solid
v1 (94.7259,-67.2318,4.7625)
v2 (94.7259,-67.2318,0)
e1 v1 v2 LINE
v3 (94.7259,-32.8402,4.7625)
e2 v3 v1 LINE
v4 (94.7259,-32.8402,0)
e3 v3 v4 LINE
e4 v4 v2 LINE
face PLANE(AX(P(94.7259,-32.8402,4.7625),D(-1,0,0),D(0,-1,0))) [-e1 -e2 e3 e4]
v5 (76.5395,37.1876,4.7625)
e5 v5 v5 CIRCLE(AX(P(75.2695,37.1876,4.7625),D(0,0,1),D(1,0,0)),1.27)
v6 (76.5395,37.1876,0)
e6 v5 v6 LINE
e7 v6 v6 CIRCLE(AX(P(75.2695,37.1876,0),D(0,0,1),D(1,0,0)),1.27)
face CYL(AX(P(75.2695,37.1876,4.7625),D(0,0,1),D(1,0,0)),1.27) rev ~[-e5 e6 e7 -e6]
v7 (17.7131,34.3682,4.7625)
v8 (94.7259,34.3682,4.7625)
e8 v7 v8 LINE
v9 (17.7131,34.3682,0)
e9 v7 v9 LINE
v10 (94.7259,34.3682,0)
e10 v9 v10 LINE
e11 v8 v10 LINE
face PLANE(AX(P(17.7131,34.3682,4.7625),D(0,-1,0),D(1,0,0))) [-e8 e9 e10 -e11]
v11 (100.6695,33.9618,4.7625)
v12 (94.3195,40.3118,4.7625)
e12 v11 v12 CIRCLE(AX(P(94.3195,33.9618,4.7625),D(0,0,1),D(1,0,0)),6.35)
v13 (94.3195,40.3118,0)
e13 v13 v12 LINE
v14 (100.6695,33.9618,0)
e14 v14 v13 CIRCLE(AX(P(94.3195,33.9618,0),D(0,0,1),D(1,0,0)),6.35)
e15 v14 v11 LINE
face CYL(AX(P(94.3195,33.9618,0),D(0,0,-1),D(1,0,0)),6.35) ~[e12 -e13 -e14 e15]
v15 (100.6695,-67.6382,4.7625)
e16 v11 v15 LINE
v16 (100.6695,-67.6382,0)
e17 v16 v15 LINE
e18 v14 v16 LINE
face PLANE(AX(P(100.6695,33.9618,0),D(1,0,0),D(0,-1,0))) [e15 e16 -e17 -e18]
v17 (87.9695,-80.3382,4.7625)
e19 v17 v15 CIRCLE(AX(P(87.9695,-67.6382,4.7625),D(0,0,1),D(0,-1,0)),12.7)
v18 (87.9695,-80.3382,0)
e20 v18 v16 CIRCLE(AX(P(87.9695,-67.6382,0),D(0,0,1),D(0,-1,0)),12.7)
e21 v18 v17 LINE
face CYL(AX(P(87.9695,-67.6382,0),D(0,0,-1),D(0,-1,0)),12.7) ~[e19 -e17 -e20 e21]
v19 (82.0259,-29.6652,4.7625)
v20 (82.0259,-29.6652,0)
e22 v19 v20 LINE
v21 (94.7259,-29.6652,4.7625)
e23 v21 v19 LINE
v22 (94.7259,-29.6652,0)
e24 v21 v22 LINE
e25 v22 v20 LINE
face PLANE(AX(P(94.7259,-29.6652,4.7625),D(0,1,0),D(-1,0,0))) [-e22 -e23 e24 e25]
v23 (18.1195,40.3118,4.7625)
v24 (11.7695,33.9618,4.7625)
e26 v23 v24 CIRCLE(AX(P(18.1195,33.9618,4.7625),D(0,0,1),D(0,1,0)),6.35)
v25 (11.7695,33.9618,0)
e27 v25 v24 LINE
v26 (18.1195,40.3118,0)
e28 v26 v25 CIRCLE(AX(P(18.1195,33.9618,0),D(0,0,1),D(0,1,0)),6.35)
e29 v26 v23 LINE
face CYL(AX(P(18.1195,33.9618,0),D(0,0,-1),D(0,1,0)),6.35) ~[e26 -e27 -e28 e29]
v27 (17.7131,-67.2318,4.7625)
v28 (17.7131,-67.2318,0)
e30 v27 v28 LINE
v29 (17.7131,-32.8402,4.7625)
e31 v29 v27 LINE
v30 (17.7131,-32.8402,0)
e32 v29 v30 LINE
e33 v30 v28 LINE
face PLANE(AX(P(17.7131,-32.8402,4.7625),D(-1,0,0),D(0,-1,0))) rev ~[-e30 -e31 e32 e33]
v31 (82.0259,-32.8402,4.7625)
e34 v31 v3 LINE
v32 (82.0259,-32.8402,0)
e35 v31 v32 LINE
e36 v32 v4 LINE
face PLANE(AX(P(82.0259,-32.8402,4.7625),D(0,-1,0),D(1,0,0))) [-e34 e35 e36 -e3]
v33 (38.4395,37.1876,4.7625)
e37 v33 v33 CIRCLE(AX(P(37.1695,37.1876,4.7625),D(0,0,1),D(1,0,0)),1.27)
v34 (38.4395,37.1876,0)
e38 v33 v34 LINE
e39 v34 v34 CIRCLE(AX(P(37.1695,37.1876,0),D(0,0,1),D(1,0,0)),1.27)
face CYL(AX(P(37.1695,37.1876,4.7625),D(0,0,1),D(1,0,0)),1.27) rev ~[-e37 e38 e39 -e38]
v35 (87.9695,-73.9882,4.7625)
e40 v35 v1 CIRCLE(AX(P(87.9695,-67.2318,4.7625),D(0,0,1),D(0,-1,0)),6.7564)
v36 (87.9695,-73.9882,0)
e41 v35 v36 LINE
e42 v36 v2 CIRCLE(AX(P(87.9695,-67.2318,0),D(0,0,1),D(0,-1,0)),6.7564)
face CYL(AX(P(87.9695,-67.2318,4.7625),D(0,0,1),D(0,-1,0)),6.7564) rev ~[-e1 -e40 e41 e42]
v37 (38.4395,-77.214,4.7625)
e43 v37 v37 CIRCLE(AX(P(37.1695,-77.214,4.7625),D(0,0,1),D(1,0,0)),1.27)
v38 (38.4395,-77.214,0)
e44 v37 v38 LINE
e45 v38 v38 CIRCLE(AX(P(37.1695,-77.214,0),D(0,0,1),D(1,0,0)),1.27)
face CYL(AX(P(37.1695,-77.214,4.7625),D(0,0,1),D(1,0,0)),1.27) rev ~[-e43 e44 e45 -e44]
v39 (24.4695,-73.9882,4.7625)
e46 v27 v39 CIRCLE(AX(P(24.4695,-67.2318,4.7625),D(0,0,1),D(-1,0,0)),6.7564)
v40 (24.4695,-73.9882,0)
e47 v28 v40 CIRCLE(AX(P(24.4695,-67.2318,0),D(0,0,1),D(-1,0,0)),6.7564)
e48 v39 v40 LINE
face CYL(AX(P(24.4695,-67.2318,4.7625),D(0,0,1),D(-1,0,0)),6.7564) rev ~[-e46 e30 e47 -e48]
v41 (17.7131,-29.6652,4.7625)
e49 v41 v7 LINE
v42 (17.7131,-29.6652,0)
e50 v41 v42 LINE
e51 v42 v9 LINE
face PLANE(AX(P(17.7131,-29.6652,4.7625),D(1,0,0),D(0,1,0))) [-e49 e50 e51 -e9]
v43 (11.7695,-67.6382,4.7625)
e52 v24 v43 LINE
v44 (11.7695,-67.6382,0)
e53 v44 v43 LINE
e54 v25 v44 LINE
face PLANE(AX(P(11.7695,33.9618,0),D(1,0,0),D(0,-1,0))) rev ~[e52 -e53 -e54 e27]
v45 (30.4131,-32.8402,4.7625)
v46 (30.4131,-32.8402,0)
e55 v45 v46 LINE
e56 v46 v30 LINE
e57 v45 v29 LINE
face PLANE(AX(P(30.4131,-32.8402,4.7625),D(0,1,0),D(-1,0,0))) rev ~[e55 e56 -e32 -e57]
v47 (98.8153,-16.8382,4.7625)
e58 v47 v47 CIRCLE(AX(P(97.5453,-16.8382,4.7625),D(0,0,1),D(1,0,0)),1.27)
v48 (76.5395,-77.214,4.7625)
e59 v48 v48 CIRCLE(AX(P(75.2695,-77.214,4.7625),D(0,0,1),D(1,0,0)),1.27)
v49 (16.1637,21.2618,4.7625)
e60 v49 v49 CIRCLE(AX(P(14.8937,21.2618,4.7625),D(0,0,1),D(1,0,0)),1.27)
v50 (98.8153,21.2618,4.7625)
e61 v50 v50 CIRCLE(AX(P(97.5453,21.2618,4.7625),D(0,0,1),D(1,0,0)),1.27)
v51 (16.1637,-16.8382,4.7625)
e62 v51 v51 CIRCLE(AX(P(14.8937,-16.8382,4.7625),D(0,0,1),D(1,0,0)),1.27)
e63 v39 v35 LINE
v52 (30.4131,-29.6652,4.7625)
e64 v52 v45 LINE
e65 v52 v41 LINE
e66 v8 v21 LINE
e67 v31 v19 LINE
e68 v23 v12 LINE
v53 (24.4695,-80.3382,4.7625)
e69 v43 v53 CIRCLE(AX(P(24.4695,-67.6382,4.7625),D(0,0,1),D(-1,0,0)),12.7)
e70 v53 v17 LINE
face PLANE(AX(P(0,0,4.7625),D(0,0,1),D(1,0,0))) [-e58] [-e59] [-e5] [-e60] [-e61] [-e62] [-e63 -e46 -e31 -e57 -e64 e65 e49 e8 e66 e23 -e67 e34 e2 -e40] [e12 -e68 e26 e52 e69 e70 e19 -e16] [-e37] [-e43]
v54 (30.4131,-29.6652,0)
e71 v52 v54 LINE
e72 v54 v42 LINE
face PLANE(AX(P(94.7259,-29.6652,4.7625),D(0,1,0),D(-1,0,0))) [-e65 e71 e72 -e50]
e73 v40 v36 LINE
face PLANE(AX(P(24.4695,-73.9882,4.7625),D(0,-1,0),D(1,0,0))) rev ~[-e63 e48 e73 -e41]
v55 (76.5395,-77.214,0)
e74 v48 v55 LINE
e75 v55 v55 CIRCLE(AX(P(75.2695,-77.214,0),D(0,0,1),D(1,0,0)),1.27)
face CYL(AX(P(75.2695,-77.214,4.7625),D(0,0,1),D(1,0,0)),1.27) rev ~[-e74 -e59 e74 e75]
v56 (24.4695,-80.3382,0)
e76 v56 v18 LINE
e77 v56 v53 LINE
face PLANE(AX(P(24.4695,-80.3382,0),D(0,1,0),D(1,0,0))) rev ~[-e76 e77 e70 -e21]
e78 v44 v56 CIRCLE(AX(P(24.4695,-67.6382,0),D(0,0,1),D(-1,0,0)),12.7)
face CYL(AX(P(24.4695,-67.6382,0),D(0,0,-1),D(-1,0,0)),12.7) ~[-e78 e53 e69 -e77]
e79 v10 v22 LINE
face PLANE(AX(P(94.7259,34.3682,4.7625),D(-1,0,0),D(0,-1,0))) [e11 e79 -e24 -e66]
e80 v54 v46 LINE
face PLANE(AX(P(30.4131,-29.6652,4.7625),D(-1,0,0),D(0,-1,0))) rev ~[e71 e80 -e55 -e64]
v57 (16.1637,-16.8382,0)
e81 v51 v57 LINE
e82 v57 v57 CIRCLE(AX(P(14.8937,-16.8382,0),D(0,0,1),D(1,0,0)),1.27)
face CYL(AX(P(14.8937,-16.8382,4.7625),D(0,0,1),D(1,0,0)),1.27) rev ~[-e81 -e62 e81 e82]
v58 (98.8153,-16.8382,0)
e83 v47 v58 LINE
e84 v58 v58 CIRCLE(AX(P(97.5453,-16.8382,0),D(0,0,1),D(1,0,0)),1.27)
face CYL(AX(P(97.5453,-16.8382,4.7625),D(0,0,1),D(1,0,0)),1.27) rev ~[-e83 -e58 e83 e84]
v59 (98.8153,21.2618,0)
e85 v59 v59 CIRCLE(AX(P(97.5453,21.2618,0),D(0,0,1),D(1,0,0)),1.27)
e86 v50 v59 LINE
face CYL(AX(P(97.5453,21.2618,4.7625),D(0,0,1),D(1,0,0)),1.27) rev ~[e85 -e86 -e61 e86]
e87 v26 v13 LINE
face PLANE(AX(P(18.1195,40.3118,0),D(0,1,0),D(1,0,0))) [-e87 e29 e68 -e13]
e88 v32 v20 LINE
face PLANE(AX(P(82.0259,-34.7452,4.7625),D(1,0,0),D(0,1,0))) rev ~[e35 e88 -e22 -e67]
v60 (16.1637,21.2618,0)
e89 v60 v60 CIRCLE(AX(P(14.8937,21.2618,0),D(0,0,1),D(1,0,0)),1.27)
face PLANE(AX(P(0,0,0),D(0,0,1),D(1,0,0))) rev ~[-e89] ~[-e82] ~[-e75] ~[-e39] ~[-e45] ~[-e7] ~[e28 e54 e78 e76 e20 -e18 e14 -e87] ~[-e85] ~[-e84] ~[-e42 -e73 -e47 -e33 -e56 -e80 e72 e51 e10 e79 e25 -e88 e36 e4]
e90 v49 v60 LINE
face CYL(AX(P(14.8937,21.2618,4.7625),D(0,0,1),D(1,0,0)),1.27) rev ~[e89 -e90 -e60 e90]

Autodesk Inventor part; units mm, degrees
ref_plane "YZ Plane" through (0, 0, 0) normal (1, 0, 0) x (0, 1, 0)
ref_plane "XZ Plane" through (0, 0, 0) normal (0, 1, 0) x (-1, 0, 0)
ref_plane "XY Plane" through (0, 0, 0) normal (0, 0, 1) x (1, 0, 0)
sketch "Sketch1" plane through (0, 0, 0) normal (0, 0, 1) x (1, 0, 0)
  line L0 (11.7695, 33.9618) -> (11.7695, -67.6382)
  line L1 (100.6695, 33.9618) -> (100.6695, -67.6382)
  line L2 (18.1195, 40.3118) -> (94.3195, 40.3118)
  line L3 (24.4695, -80.3382) -> (87.9695, -80.3382)
  arc A0 (11.7695, -67.6382) -> (24.4695, -80.3382) centre (24.4695, -67.6382) ccw
  arc A1 (87.9695, -80.3382) -> (100.6695, -67.6382) centre (87.9695, -67.6382) ccw
  arc A2 (100.6695, 33.9618) -> (94.3195, 40.3118) centre (94.3195, 33.9618) ccw
  arc A3 (18.1195, 40.3118) -> (11.7695, 33.9618) centre (18.1195, 33.9618) ccw
  point P0 (0, 0)
  dimension "d0" = 12.7
  dimension "d1" = 6.35
  dimension "d2" = 120.65
  dimension "d3" = 88.9
extrude "Extrusion1" add sketch "Sketch1" along normal blind 4.7625
sketch "Sketch2" plane through (0, 0, 4.7625) normal (0, 0, 1) x (1, 0, 0)
  line L0 (11.7695, -67.6382) -> (11.7695, 33.9618) projected
  line L1 (100.6695, 33.9618) -> (100.6695, -67.6382) projected
  line L2 (18.1195, 40.3118) -> (94.3195, 40.3118) projected
  line L3 (17.7131, 34.3682) -> (94.7259, 34.3682)
  line L4 (94.7259, 34.3682) -> (94.7259, -29.6652)
  line L5 (94.7259, -29.6652) -> (17.7131, -29.6652)
  line L6 (17.7131, -29.6652) -> (17.7131, 34.3682)
  point P0 (0, 0)
  dimension "d6" = 5.9436
  dimension "d7" = 5.9436
  dimension "d8" = 5.9436
  dimension "d9" = 64.0334
  dimension "d54" = 77.0128
extrude "Extrusion2" cut sketch "Sketch2" against normal through all
sketch "Sketch3" plane through (0, 0, 4.7625) normal (0, 0, 1) x (1, 0, 0)
  line L0 (17.7131, -29.6652) -> (17.7131, 34.3682) projected
  line L1 (94.7259, 34.3682) -> (94.7259, -29.6652) projected
  line L2 (94.7259, -29.6652) -> (17.7131, -29.6652) projected
  line L3 (30.4131, -29.6652) -> (30.4131, -34.7452)
  line L4 (30.4131, -34.7452) -> (82.0259, -34.7452)
  line L5 (82.0259, -34.7452) -> (82.0259, -29.6652)
  point P0 (0, 0)
  dimension "d13" = 12.7
  dimension "d14" = 12.7
  dimension "d15" = 5.08
extrude "Extrusion3" cut sketch "Sketch3" against normal through all
sketch "Sketch4" plane through (0, 0, 4.7625) normal (0, 0, 1) x (1, 0, 0)
  line L0 (17.7131, -29.6652) -> (17.7131, 34.3682) projected
  line L1 (94.7259, 34.3682) -> (94.7259, -29.6652) projected
  line L2 (82.0259, -34.7452) -> (30.4131, -34.7452) projected
  arc A0 (11.7695, -67.6382) -> (24.4695, -80.3382) centre (24.4695, -67.6382) ccw projected
  line L3 (87.9695, -80.3382) -> (24.4695, -80.3382) projected
  arc A1 (87.9695, -80.3382) -> (100.6695, -67.6382) centre (87.9695, -67.6382) ccw projected
  line L4 (24.4695, -73.9882) -> (87.9695, -73.9882)
  line L5 (17.7131, -32.8402) -> (17.7131, -67.2318)
  line L6 (94.7259, -32.8402) -> (94.7259, -67.2318)
  arc A2 (17.7131, -67.2318) -> (24.4695, -73.9882) centre (24.4695, -67.2318) ccw
  arc A3 (87.9695, -73.9882) -> (94.7259, -67.2318) centre (87.9695, -67.2318) ccw
  line L7 (30.4131, -34.7452) -> (30.4131, -29.6652) projected
  line L8 (30.4131, -29.6652) -> (17.7131, -29.6652) projected
  line L9 (82.0259, -29.6652) -> (82.0259, -34.7452) projected
  line L10 (30.4131, -32.8402) -> (17.7131, -32.8402)
  line L11 (82.0259, -32.8402) -> (94.7259, -32.8402)
  point P0 (0, 0)
  dimension "d18" = 6.35
  dimension "d21" = 3.175
extrude "Extrusion4" cut sketch "Sketch4" against normal through all
sketch "Sketch6" plane through (0, 0, 4.7625) normal (0, 0, 1) x (1, 0, 0)
  line L0 (87.9695, -80.3382) -> (24.4695, -80.3382) projected
  circle A0 centre (37.1695, 37.1876) radius 1.27
  circle A1 centre (75.2695, 37.1876) radius 1.27
  circle A2 centre (37.1695, -77.214) radius 1.27
  circle A3 centre (75.2695, -77.214) radius 1.27
  circle A4 centre (14.8937, 21.2618) radius 1.27
  circle A5 centre (14.8937, -16.8382) radius 1.27
  circle A6 centre (97.5453, 21.2618) radius 1.27
  circle A7 centre (97.5453, -16.8382) radius 1.27
  line L1 (18.1195, 40.3118) -> (94.3195, 40.3118) projected
  line L2 (11.7695, -67.6382) -> (11.7695, 33.9618) projected
  line L3 (100.6695, 33.9618) -> (100.6695, -67.6382) projected
  point P0 (0, 0)
  dimension "d35" = 3.1242
  dimension "d36" = 3.1242
  dimension "d37" = 3.1242
  dimension "d38" = 3.1242
  dimension "d39" = 2.54
  dimension "d40" = 25.4
  dimension "d41" = 19.05
  dimension "d42" = 25.4
  dimension "d43" = 38.1
extrude "Extrusion5" cut sketch "Sketch6" against normal through all
sketch "Sketch7" plane through (0, 0, 4.7625) normal (0, 0, 1) x (1, 0, 0)
  circle A0 centre (97.5453, -16.8382) radius 1.27 projected
  circle A1 centre (97.5453, 21.2618) radius 1.27 projected
  circle A2 centre (14.8937, -16.8382) radius 1.27 projected
  circle A3 centre (14.8937, 21.2618) radius 1.27 projected
  circle A4 centre (75.2695, -77.214) radius 1.27 projected
  circle A5 centre (37.1695, -77.214) radius 1.27 projected
  circle A6 centre (75.2695, 37.1876) radius 1.27 projected
  circle A7 centre (37.1695, 37.1876) radius 1.27 projected
  line L0 (17.7131, -32.8402) -> (30.4131, -32.8402) projected
  line L1 (30.4131, -32.8402) -> (30.4131, -29.6652) projected
  line L2 (30.4131, -29.6652) -> (17.7131, -29.6652) projected
  line L3 (17.7131, -29.6652) -> (17.7131, 34.3682) projected
  line L4 (17.7131, 34.3682) -> (94.7259, 34.3682) projected
  line L5 (94.7259, 34.3682) -> (94.7259, -29.6652) projected
  line L6 (94.7259, -29.6652) -> (82.0259, -29.6652) projected
  line L7 (82.0259, -29.6652) -> (82.0259, -32.8402) projected
  line L8 (82.0259, -32.8402) -> (94.7259, -32.8402) projected
  line L9 (94.7259, -32.8402) -> (94.7259, -67.2318) projected
  arc A8 (87.9695, -73.9882) -> (94.7259, -67.2318) centre (87.9695, -67.2318) ccw projected
  line L10 (87.9695, -73.9882) -> (24.4695, -73.9882) projected
  arc A9 (17.7131, -67.2318) -> (24.4695, -73.9882) centre (24.4695, -67.2318) ccw projected
  line L11 (17.7131, -67.2318) -> (17.7131, -32.8402) projected
  arc A10 (18.1195, 40.3118) -> (11.7695, 33.9618) centre (18.1195, 33.9618) ccw projected
  line L12 (11.7695, -67.6382) -> (11.7695, 33.9618) projected
  arc A11 (11.7695, -67.6382) -> (24.4695, -80.3382) centre (24.4695, -67.6382) ccw projected
  line L13 (87.9695, -80.3382) -> (24.4695, -80.3382) projected
  arc A12 (87.9695, -80.3382) -> (100.6695, -67.6382) centre (87.9695, -67.6382) ccw projected
  line L14 (100.6695, 33.9618) -> (100.6695, -67.6382) projected
  arc A13 (100.6695, 33.9618) -> (94.3195, 40.3118) centre (94.3195, 33.9618) ccw projected
  line L15 (18.1195, 40.3118) -> (94.3195, 40.3118) projected
  line L16 (11.7695, -61.2882) -> (30.8195, -80.3382)
  line L17 (81.6195, -80.3382) -> (100.6695, -61.2882)
  point P0 (0, 0)
  dimension "d46" = 6.35
  dimension "d47" = 5.9436
  dimension "d48" = 82.9564
  dimension "d49" = 13.1064
  dimension "d50" = 12.7
  dimension "d51" = 19.05
  dimension "d52" = 19.05
  dimension "d53" = 69.85
properties part number "lcd_spacer"
